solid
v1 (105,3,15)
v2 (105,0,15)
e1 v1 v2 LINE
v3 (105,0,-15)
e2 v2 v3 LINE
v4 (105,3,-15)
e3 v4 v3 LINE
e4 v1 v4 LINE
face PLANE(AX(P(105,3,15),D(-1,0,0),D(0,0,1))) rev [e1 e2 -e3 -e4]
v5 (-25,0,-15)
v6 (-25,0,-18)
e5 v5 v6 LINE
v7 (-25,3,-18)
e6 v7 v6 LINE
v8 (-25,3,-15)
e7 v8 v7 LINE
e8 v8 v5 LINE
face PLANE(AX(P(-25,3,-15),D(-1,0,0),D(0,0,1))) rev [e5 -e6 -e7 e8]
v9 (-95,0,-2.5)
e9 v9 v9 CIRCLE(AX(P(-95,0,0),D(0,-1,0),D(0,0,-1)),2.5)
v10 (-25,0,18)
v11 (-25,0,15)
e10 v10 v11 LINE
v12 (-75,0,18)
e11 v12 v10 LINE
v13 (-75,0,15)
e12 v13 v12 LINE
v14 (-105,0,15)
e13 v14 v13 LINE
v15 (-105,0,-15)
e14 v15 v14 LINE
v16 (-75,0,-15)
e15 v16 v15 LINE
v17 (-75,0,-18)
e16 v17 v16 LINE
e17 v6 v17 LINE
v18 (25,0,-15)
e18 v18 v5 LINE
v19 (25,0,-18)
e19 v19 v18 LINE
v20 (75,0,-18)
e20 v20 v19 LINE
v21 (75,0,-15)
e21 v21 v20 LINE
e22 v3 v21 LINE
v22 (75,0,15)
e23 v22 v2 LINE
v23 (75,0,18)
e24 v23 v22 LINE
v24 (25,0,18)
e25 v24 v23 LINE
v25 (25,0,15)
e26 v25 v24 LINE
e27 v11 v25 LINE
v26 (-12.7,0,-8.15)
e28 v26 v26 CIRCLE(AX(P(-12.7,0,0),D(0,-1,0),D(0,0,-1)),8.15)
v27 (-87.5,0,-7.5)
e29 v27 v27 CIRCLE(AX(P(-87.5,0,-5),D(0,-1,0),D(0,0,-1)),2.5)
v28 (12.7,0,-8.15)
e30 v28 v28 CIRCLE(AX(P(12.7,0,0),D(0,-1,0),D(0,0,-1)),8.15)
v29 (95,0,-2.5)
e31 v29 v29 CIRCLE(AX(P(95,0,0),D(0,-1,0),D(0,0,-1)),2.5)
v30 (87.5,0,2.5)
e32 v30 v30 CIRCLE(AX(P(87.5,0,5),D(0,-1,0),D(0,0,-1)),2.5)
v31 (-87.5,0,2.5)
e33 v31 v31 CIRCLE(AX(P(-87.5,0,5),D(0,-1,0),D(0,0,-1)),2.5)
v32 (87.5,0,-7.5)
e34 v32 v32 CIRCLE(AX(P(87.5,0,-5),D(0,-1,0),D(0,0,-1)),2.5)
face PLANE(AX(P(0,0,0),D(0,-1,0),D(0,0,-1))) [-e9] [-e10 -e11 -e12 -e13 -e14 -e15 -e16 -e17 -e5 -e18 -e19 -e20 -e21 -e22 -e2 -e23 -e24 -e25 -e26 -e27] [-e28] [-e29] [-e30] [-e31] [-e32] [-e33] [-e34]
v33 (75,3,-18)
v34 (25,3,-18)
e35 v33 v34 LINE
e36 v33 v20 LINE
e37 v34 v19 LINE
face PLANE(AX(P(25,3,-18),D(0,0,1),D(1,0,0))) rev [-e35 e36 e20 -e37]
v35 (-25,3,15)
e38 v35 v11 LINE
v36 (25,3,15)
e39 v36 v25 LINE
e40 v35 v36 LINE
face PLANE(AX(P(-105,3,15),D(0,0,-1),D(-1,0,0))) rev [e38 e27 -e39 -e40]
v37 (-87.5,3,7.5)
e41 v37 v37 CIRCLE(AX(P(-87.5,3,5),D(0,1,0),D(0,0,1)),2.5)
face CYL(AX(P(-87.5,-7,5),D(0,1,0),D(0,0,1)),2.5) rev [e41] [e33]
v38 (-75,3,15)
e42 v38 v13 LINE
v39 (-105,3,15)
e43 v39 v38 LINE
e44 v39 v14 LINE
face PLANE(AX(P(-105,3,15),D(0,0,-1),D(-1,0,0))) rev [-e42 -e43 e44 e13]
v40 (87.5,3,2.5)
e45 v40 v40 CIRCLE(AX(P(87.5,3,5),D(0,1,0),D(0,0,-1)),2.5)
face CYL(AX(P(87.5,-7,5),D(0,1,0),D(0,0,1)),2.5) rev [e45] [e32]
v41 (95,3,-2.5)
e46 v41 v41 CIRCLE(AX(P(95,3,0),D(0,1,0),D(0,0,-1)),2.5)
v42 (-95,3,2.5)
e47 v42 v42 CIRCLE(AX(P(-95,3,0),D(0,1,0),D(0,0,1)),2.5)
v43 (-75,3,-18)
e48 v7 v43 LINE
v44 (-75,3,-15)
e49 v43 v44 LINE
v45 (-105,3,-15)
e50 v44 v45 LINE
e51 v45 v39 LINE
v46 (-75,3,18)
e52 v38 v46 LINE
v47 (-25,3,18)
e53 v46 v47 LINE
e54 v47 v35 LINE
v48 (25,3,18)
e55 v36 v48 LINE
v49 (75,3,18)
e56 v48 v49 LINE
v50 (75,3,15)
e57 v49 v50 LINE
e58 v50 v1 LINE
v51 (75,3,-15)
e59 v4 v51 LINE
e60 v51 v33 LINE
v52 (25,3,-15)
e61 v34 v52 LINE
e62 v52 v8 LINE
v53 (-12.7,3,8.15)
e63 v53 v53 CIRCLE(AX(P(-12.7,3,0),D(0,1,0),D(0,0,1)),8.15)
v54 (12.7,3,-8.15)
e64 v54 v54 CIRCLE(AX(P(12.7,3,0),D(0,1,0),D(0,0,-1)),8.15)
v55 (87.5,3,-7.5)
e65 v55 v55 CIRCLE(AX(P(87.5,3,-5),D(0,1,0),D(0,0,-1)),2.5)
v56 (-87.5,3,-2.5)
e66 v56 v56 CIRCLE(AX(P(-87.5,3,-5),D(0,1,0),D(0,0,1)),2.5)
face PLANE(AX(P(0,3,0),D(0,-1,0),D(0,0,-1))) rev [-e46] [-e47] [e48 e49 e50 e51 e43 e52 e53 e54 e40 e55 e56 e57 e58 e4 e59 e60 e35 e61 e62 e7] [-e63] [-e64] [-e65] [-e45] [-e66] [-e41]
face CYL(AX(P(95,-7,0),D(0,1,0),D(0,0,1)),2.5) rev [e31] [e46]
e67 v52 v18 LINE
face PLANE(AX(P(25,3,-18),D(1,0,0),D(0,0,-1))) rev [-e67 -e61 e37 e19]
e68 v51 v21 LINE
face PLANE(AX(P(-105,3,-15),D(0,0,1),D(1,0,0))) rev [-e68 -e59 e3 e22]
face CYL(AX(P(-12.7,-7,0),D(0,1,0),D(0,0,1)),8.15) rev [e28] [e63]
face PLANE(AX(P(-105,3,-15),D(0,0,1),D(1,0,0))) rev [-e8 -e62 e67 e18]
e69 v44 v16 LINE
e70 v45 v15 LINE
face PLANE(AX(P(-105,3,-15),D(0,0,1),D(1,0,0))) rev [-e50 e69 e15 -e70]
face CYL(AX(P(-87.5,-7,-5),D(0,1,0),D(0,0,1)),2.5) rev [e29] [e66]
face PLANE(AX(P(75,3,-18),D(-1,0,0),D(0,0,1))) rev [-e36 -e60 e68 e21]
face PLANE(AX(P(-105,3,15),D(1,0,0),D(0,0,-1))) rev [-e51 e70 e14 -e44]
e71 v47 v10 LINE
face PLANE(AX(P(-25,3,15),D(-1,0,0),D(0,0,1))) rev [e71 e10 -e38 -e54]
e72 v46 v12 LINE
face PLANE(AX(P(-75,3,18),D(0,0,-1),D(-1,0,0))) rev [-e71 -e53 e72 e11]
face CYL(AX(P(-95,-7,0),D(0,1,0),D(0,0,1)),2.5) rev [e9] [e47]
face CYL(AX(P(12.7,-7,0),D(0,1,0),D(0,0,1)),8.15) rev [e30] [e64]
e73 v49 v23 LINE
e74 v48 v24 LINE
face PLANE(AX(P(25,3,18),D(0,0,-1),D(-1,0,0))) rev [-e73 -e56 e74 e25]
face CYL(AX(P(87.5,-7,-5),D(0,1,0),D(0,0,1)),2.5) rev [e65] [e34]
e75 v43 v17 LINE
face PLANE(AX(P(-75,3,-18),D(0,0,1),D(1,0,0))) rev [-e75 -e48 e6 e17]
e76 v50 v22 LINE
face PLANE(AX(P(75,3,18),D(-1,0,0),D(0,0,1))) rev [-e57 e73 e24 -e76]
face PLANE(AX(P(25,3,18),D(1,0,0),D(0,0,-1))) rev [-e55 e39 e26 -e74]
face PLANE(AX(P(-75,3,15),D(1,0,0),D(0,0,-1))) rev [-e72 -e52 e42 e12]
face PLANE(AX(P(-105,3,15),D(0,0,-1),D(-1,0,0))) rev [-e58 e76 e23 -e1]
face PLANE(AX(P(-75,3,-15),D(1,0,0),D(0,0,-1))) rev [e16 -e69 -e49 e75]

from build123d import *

# Parameters (mm, degrees)
SKETCH1_W           = 210
SKETCH1_H           = 30
BOSS_EXTRUDE1_DEPTH = 3
SKETCH2_W           = 50
SKETCH2_H           = 3
BOSS_EXTRUDE2_DEPTH = 3
SKETCH3_R           = 8.15
CUT_EXTRUDE1_DEPTH  = 10
SKETCH4_R           = 2.5
CUT_EXTRUDE2_DEPTH  = 10


with BuildPart() as part:
    # Sketch1 → Boss-Extrude1 (new body)
    with BuildSketch(Plane(origin=(0, 0, 0), x_dir=(1, 0, 0), z_dir=(0, 1, 0))):
        Rectangle(SKETCH1_W, SKETCH1_H)
    extrude(amount=BOSS_EXTRUDE1_DEPTH)

    # Sketch2 → Boss-Extrude2 (add)
    with BuildSketch(Plane(origin=(0, 0, 0), x_dir=(1, 0, 0), z_dir=(0, 1, 0))):
        with Locations((-50, 16.5)):
            Rectangle(SKETCH2_W, SKETCH2_H)
        with Locations((50, 16.5)):
            Rectangle(SKETCH2_W, SKETCH2_H)
        with Locations((50, -16.5)):
            Rectangle(SKETCH2_W, SKETCH2_H)
        with Locations((-50, -16.5)):
            Rectangle(SKETCH2_W, SKETCH2_H)
    extrude(amount=BOSS_EXTRUDE2_DEPTH)

    # Sketch3 → Cut-Extrude1 (cut)
    with BuildSketch(Plane(origin=(0, 3, 0), x_dir=(1, 0, 0), z_dir=(0, 1, 0))):
        with Locations(Location((-12.7, 0, 0), (0, 0, 270))):
            Circle(SKETCH3_R)
        with Locations(Location((12.7, 0, 0), (0, 0, 90))):
            Circle(SKETCH3_R)
    extrude(amount=-CUT_EXTRUDE1_DEPTH, mode=Mode.SUBTRACT)

    # Sketch4 → Cut-Extrude2 (cut)
    with BuildSketch(Plane(origin=(0, 3, 0), x_dir=(1, 0, 0), z_dir=(0, 1, 0))):
        with Locations(Location((-95, 0, 0), (0, 0, 270))):
            Circle(SKETCH4_R)
        with Locations(Location((-87.5, 5, 0), (0, 0, 270))):
            Circle(SKETCH4_R)
        with Locations(Location((-87.5, -5, 0), (0, 0, 270))):
            Circle(SKETCH4_R)
        with Locations(Location((87.5, -5, 0), (0, 0, 90))):
            Circle(SKETCH4_R)
        with Locations(Location((87.5, 5, 0), (0, 0, 90))):
            Circle(SKETCH4_R)
        with Locations(Location((95, 0, 0), (0, 0, 90))):
            Circle(SKETCH4_R)
    extrude(amount=-CUT_EXTRUDE2_DEPTH, mode=Mode.SUBTRACT)


solid = part.part
